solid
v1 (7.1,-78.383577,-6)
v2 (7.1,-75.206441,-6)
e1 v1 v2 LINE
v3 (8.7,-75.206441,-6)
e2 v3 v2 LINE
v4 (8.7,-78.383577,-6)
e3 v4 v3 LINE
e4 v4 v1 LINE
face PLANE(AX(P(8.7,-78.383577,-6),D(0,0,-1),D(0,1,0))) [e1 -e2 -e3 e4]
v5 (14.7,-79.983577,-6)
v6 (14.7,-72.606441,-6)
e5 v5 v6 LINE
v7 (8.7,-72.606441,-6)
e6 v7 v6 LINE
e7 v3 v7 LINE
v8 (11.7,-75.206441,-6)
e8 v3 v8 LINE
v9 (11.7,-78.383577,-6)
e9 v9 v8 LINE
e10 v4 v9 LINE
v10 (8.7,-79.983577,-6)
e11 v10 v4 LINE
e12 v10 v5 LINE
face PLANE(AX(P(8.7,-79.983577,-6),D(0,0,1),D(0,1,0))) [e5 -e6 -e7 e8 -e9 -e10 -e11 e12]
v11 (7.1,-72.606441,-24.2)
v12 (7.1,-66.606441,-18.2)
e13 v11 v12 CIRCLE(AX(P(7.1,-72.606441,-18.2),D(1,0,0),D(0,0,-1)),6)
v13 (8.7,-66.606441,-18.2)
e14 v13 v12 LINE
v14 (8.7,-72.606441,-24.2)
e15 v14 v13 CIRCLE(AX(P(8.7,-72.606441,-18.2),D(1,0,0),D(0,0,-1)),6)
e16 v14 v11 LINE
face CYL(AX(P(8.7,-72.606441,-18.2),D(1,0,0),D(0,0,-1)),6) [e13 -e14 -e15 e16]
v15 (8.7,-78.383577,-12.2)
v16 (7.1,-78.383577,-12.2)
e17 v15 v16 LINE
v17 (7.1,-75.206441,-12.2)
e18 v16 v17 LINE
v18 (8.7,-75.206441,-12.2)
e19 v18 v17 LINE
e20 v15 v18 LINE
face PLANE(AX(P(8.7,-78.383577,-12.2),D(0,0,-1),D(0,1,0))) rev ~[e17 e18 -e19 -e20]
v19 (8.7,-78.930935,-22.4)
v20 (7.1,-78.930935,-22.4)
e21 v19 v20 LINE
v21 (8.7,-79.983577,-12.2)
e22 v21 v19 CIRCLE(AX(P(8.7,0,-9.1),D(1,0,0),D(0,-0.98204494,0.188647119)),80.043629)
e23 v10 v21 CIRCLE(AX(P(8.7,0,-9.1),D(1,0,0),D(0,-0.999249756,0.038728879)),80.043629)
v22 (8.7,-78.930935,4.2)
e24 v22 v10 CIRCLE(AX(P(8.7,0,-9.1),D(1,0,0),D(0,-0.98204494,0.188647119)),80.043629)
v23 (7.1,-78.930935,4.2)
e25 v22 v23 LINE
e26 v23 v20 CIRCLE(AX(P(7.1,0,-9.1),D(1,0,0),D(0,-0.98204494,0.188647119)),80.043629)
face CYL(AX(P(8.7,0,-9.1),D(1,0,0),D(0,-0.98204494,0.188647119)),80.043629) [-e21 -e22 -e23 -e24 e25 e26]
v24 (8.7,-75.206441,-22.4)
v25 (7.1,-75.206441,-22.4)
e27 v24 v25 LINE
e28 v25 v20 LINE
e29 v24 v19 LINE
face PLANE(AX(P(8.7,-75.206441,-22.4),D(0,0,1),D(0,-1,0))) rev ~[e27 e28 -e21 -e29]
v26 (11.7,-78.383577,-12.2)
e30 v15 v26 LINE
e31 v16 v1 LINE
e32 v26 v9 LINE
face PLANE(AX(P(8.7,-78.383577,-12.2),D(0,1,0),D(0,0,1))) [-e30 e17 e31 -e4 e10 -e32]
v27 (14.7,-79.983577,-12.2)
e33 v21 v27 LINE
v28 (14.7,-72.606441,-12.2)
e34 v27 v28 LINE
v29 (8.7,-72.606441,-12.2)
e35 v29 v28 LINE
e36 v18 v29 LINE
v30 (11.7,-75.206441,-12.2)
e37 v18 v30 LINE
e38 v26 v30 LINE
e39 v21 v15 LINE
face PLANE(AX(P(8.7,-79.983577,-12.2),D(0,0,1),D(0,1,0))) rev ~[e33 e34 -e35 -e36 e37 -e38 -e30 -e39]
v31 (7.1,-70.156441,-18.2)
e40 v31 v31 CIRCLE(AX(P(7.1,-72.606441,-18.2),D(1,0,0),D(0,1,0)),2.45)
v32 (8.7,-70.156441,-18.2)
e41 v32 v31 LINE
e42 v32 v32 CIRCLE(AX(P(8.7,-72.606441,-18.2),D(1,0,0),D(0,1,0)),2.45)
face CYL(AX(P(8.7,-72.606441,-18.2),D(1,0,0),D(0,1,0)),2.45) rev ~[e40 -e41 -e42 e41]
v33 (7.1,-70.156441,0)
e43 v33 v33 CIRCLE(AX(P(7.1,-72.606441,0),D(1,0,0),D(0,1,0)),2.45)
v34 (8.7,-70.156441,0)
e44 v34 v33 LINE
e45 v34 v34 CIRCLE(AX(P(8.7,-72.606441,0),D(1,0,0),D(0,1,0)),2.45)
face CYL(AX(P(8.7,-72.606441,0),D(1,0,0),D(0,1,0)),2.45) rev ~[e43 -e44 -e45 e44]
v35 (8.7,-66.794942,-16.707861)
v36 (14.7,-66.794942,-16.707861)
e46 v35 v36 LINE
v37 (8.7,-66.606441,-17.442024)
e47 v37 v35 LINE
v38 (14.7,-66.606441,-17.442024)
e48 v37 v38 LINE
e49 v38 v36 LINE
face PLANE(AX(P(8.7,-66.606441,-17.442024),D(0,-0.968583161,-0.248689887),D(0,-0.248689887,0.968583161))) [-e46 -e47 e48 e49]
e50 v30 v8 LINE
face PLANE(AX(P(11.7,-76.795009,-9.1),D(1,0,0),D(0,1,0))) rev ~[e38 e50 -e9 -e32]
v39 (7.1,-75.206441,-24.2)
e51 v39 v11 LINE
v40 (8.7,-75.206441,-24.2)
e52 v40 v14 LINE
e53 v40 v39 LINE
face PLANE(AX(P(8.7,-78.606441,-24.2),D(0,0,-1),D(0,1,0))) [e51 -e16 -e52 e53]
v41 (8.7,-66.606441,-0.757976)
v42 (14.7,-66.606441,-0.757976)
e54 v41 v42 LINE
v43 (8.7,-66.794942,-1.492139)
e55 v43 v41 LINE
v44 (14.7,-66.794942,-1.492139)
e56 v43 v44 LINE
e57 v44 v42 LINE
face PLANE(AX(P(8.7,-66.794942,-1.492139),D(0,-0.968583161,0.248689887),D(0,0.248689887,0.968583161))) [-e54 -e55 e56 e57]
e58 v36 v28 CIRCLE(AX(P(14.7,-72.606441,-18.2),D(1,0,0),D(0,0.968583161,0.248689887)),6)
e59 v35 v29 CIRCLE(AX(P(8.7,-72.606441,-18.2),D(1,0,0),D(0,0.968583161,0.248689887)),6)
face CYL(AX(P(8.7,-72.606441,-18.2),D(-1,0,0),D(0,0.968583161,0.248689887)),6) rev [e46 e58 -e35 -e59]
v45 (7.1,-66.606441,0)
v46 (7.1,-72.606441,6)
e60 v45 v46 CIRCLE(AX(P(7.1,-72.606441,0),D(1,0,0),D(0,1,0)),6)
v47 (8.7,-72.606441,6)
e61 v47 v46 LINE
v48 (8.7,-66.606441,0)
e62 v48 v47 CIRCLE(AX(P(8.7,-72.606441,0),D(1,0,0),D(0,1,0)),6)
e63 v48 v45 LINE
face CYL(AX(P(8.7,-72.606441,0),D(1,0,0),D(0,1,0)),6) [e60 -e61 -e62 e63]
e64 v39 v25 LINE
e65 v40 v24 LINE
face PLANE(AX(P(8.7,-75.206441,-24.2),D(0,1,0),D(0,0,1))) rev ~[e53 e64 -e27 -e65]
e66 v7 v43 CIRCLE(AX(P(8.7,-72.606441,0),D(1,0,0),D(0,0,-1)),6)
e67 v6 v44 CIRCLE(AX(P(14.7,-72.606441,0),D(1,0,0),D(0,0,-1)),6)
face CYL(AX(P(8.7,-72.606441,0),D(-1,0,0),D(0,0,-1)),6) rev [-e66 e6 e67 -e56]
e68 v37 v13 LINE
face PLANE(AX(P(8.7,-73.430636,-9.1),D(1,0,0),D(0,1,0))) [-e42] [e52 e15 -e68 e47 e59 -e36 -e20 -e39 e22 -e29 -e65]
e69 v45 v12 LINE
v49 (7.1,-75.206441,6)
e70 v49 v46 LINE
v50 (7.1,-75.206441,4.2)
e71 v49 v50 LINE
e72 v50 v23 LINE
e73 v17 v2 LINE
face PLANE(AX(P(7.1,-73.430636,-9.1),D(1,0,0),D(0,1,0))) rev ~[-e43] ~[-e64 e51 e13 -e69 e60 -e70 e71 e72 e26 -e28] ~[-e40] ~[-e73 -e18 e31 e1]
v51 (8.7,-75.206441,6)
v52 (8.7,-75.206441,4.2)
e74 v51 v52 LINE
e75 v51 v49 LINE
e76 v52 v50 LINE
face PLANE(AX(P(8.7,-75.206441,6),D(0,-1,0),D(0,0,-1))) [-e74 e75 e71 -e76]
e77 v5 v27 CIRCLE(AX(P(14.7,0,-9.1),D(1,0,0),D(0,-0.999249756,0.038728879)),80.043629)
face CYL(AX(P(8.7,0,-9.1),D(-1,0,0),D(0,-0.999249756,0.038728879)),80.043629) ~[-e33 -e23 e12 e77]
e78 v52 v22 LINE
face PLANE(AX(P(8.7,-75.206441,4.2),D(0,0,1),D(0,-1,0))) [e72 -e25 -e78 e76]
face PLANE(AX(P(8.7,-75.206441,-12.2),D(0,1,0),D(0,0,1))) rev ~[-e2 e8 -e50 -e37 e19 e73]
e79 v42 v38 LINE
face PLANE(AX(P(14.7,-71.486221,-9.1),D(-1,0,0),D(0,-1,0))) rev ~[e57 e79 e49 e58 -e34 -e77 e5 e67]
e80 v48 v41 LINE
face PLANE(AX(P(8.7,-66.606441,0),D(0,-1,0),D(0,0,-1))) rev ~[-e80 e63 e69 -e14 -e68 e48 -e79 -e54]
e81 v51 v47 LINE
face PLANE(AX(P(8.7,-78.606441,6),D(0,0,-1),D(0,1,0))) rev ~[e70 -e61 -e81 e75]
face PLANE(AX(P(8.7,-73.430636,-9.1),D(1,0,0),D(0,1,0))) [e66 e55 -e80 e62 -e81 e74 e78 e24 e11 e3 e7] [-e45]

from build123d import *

# Parameters (mm, degrees)
SKETCH007_R          = 2.45
PAD005_DEPTH         = 1.6
PAD006_DEPTH         = 6
SKETCH058_W          = 3.1771358599
SKETCH058_H          = 6.2
POCKET021_DEPTH      = 1.6
POCKET021_DEPTH_BACK = 3


with BuildPart() as part:
    # Sketch007 → Pad005 (new body)
    with BuildSketch(Plane.YZ.offset(8.7)):
        with BuildLine():
            ThreePointArc((-6, 6), (-7.4371881489, -9.1), (-6, -24.2))
            Line((-6, -24.2), (0, -24.2))
            ThreePointArc((0, -24.2), (4.2426406871, -22.4426406871), (6, -18.2))
            Line((6, 0), (6, -18.2))
            ThreePointArc((6, 0), (4.2426406871, 4.2426406871), (0, 6))
            Line((-6, 6), (0, 6))
        make_face()
        Circle(SKETCH007_R, mode=Mode.SUBTRACT)
        with Locations((0, -18.2)):
            Circle(SKETCH007_R, mode=Mode.SUBTRACT)
    extrude(amount=-PAD005_DEPTH)

    # Sketch008 → Pad006 (join)
    with BuildSketch(Plane.YZ.offset(8.7)):
        with BuildLine():
            ThreePointArc((5.8114989668, -16.707860677), (3.6774423219, -13.4590699257), (0, -12.2))
            Line((-7.3771358599, -12.2), (0, -12.2))
            ThreePointArc((-7.3771358599, -6), (-7.4371881489, -9.1), (-7.3771358599, -12.2))
            Line((-7.3771358599, -6), (0, -6))
            ThreePointArc((0, -6), (3.6774423219, -4.7409300743), (5.8114989668, -1.492139323))
            Line((5.8114989668, -1.492139323), (6, -0.7579762707))
            Line((6, -0.7579762707), (6, -17.4420237293))
            Line((6, -17.4420237293), (5.8114989668, -16.707860677))
        make_face()
    extrude(amount=PAD006_DEPTH)

    # Sketch058 → Pocket021 (cut, two sides)
    with BuildSketch(Plane.YZ.offset(8.7)) as pocket021_sk:
        with BuildLine():
            Line((-2.6, 6), (-6, 6))
            ThreePointArc((-6, 6), (-6.167388681, 5.1009268767), (-6.3244944235, 4.2))
            Line((-2.6, 4.2), (-6.3244944235, 4.2))
            Line((-2.6, 6), (-2.6, 4.2))
        make_face()
        with BuildLine():
            Line((-6, -24.2), (-2.6, -24.2))
            Line((-2.6, -24.2), (-2.6, -22.4))
            Line((-2.6, -22.4), (-6.3244944235, -22.4))
            ThreePointArc((-6.3244944235, -22.4), (-6.167388681, -23.3009268767), (-6, -24.2))
        make_face()
        with Locations((-4.18856793, -9.1)):
            Rectangle(SKETCH058_W, SKETCH058_H)
    extrude(amount=-POCKET021_DEPTH, mode=Mode.SUBTRACT)
    extrude(pocket021_sk.sketch, amount=POCKET021_DEPTH_BACK, mode=Mode.SUBTRACT)


with BuildPart() as part_1:
    # Body006 placement: moved
    add(part.part.moved(Location((0, -72.6064407756, 0))))


solid = part_1.part
